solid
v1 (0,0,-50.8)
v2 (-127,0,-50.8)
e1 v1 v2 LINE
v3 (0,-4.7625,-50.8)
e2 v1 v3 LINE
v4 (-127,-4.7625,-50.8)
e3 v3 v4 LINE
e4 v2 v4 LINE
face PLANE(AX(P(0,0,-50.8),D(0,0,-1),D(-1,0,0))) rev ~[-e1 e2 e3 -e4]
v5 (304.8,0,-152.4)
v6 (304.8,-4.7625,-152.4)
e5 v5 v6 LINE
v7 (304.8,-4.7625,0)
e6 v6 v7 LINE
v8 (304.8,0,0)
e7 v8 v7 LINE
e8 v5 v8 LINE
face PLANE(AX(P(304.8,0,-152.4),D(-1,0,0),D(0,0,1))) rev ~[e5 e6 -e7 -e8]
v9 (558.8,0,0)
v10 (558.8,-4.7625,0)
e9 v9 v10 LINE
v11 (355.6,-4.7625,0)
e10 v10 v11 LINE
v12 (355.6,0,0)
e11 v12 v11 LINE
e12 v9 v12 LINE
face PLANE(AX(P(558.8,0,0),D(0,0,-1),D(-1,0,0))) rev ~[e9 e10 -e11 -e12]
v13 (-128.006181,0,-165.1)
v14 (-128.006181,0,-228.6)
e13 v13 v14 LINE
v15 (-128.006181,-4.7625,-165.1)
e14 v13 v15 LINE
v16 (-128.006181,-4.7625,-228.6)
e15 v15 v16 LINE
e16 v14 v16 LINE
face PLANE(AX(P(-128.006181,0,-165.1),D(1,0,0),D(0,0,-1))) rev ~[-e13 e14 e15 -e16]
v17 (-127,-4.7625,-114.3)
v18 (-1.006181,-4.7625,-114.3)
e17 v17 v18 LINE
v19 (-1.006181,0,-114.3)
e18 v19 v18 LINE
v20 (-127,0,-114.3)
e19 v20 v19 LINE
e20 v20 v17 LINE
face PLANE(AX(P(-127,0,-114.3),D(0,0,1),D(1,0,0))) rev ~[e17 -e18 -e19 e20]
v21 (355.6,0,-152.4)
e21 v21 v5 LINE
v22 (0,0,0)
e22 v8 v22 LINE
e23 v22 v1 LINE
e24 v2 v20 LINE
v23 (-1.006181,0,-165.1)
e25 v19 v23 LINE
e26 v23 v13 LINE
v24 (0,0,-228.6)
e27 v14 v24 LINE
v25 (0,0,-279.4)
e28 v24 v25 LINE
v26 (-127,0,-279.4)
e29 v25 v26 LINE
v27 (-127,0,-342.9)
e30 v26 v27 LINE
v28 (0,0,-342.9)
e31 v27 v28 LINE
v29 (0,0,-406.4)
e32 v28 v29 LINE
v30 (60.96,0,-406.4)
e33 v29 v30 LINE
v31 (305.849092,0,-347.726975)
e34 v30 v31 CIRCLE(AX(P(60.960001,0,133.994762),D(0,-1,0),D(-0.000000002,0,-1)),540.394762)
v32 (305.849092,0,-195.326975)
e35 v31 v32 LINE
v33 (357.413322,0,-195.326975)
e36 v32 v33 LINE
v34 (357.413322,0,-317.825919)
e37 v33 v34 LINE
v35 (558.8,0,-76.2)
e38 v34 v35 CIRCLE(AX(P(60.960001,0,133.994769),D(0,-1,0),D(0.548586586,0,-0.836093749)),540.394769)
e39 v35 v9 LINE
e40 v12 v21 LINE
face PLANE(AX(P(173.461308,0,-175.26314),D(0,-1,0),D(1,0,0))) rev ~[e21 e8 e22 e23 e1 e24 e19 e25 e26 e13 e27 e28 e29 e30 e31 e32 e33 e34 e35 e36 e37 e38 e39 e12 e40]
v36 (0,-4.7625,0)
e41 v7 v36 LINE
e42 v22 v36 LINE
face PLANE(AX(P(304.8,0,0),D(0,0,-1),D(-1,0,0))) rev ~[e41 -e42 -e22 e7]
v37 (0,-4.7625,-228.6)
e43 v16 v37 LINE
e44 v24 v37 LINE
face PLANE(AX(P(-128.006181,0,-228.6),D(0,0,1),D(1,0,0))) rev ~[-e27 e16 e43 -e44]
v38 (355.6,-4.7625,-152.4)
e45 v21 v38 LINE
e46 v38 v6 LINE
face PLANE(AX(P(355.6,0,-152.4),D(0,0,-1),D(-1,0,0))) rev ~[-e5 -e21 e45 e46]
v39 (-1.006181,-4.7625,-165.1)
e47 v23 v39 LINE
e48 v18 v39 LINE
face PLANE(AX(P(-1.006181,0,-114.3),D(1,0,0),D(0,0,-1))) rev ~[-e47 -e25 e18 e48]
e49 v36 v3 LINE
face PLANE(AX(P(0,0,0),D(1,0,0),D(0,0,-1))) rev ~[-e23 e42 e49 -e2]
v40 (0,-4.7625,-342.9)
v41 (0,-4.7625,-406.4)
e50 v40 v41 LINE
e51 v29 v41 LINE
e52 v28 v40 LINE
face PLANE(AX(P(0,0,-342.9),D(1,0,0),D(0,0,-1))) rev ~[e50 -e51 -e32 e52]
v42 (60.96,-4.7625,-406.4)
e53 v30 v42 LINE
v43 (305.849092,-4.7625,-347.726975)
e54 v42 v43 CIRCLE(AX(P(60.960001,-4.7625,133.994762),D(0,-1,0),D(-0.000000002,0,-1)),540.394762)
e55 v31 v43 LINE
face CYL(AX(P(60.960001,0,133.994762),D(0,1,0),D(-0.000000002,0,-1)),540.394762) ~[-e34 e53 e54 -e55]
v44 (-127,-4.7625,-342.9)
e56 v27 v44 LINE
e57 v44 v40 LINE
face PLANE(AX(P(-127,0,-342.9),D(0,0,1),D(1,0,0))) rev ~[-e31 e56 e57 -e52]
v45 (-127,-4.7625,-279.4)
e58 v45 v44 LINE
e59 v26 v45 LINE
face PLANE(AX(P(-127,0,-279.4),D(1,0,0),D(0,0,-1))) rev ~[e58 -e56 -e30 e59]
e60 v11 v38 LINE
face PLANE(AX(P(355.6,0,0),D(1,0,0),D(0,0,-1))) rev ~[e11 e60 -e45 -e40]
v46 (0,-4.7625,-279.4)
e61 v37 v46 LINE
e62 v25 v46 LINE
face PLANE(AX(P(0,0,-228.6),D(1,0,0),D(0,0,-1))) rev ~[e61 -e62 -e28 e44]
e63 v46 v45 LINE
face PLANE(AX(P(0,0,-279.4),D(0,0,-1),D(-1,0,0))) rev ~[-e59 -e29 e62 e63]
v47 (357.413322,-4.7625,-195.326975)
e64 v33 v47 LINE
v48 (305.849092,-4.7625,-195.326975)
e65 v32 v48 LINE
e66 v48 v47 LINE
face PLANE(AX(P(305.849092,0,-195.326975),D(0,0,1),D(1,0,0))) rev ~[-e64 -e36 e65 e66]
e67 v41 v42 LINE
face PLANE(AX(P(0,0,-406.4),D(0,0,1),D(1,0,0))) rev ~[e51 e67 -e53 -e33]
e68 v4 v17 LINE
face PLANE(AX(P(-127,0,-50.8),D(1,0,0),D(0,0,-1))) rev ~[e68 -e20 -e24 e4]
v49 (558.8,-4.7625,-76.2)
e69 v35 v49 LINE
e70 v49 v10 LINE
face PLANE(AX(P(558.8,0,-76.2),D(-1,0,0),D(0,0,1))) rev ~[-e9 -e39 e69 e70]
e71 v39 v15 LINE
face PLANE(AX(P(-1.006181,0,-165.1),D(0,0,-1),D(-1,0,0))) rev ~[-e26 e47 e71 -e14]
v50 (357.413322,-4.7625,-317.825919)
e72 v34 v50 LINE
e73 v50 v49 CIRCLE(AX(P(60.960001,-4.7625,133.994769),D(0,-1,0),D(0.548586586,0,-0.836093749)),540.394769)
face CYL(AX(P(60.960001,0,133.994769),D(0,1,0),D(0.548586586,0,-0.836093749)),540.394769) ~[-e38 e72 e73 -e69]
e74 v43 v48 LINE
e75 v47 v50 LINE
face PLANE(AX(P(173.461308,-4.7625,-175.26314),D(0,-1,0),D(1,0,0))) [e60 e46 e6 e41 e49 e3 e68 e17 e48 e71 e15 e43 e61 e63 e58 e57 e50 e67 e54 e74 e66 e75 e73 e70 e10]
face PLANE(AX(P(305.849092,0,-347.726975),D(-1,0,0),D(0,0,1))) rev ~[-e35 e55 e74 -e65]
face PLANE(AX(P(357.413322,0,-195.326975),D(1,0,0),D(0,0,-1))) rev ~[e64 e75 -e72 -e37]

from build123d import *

# Parameters (mm, degrees)
F1_DEPTH = 4.7625


with BuildPart() as f1:
    # F0 (on Front) → F1 (new body)
    with BuildSketch(Plane.XZ):
        with BuildLine():
            Line((0, -342.9), (0, -406.4))
            Line((0, -406.4), (60.96, -406.4))
            ThreePointArc((60.96, -406.4), (186.86988, -391.527075), (305.849092, -347.726975))
            Line((305.849092, -347.726975), (305.849092, -195.326975))
            Line((305.849092, -195.326975), (357.413322, -195.326975))
            Line((357.413322, -195.326975), (357.413322, -317.825919))
            ThreePointArc((357.413322, -317.825919), (476.075937, -211.989718), (558.8, -76.2))
            Line((558.8, -76.2), (558.8, 0))
            Line((558.8, 0), (355.6, 0))
            Line((355.6, 0), (355.6, -152.4))
            Line((355.6, -152.4), (304.8, -152.4))
            Line((304.8, -152.4), (304.8, 0))
            Line((304.8, 0), (0, 0))
            Line((0, 0), (0, -50.8))
            Line((0, -50.8), (-127, -50.8))
            Line((-127, -50.8), (-127, -114.3))
            Line((-127, -114.3), (-1.006181, -114.3))
            Line((-1.006181, -114.3), (-1.006181, -165.1))
            Line((-1.006181, -165.1), (-128.006181, -165.1))
            Line((-128.006181, -165.1), (-128.006181, -228.6))
            Line((-128.006181, -228.6), (0, -228.6))
            Line((0, -228.6), (0, -279.4))
            Line((0, -279.4), (-127, -279.4))
            Line((-127, -279.4), (-127, -342.9))
            Line((-127, -342.9), (0, -342.9))
        make_face()
    extrude(amount=F1_DEPTH)


solid = f1.part
